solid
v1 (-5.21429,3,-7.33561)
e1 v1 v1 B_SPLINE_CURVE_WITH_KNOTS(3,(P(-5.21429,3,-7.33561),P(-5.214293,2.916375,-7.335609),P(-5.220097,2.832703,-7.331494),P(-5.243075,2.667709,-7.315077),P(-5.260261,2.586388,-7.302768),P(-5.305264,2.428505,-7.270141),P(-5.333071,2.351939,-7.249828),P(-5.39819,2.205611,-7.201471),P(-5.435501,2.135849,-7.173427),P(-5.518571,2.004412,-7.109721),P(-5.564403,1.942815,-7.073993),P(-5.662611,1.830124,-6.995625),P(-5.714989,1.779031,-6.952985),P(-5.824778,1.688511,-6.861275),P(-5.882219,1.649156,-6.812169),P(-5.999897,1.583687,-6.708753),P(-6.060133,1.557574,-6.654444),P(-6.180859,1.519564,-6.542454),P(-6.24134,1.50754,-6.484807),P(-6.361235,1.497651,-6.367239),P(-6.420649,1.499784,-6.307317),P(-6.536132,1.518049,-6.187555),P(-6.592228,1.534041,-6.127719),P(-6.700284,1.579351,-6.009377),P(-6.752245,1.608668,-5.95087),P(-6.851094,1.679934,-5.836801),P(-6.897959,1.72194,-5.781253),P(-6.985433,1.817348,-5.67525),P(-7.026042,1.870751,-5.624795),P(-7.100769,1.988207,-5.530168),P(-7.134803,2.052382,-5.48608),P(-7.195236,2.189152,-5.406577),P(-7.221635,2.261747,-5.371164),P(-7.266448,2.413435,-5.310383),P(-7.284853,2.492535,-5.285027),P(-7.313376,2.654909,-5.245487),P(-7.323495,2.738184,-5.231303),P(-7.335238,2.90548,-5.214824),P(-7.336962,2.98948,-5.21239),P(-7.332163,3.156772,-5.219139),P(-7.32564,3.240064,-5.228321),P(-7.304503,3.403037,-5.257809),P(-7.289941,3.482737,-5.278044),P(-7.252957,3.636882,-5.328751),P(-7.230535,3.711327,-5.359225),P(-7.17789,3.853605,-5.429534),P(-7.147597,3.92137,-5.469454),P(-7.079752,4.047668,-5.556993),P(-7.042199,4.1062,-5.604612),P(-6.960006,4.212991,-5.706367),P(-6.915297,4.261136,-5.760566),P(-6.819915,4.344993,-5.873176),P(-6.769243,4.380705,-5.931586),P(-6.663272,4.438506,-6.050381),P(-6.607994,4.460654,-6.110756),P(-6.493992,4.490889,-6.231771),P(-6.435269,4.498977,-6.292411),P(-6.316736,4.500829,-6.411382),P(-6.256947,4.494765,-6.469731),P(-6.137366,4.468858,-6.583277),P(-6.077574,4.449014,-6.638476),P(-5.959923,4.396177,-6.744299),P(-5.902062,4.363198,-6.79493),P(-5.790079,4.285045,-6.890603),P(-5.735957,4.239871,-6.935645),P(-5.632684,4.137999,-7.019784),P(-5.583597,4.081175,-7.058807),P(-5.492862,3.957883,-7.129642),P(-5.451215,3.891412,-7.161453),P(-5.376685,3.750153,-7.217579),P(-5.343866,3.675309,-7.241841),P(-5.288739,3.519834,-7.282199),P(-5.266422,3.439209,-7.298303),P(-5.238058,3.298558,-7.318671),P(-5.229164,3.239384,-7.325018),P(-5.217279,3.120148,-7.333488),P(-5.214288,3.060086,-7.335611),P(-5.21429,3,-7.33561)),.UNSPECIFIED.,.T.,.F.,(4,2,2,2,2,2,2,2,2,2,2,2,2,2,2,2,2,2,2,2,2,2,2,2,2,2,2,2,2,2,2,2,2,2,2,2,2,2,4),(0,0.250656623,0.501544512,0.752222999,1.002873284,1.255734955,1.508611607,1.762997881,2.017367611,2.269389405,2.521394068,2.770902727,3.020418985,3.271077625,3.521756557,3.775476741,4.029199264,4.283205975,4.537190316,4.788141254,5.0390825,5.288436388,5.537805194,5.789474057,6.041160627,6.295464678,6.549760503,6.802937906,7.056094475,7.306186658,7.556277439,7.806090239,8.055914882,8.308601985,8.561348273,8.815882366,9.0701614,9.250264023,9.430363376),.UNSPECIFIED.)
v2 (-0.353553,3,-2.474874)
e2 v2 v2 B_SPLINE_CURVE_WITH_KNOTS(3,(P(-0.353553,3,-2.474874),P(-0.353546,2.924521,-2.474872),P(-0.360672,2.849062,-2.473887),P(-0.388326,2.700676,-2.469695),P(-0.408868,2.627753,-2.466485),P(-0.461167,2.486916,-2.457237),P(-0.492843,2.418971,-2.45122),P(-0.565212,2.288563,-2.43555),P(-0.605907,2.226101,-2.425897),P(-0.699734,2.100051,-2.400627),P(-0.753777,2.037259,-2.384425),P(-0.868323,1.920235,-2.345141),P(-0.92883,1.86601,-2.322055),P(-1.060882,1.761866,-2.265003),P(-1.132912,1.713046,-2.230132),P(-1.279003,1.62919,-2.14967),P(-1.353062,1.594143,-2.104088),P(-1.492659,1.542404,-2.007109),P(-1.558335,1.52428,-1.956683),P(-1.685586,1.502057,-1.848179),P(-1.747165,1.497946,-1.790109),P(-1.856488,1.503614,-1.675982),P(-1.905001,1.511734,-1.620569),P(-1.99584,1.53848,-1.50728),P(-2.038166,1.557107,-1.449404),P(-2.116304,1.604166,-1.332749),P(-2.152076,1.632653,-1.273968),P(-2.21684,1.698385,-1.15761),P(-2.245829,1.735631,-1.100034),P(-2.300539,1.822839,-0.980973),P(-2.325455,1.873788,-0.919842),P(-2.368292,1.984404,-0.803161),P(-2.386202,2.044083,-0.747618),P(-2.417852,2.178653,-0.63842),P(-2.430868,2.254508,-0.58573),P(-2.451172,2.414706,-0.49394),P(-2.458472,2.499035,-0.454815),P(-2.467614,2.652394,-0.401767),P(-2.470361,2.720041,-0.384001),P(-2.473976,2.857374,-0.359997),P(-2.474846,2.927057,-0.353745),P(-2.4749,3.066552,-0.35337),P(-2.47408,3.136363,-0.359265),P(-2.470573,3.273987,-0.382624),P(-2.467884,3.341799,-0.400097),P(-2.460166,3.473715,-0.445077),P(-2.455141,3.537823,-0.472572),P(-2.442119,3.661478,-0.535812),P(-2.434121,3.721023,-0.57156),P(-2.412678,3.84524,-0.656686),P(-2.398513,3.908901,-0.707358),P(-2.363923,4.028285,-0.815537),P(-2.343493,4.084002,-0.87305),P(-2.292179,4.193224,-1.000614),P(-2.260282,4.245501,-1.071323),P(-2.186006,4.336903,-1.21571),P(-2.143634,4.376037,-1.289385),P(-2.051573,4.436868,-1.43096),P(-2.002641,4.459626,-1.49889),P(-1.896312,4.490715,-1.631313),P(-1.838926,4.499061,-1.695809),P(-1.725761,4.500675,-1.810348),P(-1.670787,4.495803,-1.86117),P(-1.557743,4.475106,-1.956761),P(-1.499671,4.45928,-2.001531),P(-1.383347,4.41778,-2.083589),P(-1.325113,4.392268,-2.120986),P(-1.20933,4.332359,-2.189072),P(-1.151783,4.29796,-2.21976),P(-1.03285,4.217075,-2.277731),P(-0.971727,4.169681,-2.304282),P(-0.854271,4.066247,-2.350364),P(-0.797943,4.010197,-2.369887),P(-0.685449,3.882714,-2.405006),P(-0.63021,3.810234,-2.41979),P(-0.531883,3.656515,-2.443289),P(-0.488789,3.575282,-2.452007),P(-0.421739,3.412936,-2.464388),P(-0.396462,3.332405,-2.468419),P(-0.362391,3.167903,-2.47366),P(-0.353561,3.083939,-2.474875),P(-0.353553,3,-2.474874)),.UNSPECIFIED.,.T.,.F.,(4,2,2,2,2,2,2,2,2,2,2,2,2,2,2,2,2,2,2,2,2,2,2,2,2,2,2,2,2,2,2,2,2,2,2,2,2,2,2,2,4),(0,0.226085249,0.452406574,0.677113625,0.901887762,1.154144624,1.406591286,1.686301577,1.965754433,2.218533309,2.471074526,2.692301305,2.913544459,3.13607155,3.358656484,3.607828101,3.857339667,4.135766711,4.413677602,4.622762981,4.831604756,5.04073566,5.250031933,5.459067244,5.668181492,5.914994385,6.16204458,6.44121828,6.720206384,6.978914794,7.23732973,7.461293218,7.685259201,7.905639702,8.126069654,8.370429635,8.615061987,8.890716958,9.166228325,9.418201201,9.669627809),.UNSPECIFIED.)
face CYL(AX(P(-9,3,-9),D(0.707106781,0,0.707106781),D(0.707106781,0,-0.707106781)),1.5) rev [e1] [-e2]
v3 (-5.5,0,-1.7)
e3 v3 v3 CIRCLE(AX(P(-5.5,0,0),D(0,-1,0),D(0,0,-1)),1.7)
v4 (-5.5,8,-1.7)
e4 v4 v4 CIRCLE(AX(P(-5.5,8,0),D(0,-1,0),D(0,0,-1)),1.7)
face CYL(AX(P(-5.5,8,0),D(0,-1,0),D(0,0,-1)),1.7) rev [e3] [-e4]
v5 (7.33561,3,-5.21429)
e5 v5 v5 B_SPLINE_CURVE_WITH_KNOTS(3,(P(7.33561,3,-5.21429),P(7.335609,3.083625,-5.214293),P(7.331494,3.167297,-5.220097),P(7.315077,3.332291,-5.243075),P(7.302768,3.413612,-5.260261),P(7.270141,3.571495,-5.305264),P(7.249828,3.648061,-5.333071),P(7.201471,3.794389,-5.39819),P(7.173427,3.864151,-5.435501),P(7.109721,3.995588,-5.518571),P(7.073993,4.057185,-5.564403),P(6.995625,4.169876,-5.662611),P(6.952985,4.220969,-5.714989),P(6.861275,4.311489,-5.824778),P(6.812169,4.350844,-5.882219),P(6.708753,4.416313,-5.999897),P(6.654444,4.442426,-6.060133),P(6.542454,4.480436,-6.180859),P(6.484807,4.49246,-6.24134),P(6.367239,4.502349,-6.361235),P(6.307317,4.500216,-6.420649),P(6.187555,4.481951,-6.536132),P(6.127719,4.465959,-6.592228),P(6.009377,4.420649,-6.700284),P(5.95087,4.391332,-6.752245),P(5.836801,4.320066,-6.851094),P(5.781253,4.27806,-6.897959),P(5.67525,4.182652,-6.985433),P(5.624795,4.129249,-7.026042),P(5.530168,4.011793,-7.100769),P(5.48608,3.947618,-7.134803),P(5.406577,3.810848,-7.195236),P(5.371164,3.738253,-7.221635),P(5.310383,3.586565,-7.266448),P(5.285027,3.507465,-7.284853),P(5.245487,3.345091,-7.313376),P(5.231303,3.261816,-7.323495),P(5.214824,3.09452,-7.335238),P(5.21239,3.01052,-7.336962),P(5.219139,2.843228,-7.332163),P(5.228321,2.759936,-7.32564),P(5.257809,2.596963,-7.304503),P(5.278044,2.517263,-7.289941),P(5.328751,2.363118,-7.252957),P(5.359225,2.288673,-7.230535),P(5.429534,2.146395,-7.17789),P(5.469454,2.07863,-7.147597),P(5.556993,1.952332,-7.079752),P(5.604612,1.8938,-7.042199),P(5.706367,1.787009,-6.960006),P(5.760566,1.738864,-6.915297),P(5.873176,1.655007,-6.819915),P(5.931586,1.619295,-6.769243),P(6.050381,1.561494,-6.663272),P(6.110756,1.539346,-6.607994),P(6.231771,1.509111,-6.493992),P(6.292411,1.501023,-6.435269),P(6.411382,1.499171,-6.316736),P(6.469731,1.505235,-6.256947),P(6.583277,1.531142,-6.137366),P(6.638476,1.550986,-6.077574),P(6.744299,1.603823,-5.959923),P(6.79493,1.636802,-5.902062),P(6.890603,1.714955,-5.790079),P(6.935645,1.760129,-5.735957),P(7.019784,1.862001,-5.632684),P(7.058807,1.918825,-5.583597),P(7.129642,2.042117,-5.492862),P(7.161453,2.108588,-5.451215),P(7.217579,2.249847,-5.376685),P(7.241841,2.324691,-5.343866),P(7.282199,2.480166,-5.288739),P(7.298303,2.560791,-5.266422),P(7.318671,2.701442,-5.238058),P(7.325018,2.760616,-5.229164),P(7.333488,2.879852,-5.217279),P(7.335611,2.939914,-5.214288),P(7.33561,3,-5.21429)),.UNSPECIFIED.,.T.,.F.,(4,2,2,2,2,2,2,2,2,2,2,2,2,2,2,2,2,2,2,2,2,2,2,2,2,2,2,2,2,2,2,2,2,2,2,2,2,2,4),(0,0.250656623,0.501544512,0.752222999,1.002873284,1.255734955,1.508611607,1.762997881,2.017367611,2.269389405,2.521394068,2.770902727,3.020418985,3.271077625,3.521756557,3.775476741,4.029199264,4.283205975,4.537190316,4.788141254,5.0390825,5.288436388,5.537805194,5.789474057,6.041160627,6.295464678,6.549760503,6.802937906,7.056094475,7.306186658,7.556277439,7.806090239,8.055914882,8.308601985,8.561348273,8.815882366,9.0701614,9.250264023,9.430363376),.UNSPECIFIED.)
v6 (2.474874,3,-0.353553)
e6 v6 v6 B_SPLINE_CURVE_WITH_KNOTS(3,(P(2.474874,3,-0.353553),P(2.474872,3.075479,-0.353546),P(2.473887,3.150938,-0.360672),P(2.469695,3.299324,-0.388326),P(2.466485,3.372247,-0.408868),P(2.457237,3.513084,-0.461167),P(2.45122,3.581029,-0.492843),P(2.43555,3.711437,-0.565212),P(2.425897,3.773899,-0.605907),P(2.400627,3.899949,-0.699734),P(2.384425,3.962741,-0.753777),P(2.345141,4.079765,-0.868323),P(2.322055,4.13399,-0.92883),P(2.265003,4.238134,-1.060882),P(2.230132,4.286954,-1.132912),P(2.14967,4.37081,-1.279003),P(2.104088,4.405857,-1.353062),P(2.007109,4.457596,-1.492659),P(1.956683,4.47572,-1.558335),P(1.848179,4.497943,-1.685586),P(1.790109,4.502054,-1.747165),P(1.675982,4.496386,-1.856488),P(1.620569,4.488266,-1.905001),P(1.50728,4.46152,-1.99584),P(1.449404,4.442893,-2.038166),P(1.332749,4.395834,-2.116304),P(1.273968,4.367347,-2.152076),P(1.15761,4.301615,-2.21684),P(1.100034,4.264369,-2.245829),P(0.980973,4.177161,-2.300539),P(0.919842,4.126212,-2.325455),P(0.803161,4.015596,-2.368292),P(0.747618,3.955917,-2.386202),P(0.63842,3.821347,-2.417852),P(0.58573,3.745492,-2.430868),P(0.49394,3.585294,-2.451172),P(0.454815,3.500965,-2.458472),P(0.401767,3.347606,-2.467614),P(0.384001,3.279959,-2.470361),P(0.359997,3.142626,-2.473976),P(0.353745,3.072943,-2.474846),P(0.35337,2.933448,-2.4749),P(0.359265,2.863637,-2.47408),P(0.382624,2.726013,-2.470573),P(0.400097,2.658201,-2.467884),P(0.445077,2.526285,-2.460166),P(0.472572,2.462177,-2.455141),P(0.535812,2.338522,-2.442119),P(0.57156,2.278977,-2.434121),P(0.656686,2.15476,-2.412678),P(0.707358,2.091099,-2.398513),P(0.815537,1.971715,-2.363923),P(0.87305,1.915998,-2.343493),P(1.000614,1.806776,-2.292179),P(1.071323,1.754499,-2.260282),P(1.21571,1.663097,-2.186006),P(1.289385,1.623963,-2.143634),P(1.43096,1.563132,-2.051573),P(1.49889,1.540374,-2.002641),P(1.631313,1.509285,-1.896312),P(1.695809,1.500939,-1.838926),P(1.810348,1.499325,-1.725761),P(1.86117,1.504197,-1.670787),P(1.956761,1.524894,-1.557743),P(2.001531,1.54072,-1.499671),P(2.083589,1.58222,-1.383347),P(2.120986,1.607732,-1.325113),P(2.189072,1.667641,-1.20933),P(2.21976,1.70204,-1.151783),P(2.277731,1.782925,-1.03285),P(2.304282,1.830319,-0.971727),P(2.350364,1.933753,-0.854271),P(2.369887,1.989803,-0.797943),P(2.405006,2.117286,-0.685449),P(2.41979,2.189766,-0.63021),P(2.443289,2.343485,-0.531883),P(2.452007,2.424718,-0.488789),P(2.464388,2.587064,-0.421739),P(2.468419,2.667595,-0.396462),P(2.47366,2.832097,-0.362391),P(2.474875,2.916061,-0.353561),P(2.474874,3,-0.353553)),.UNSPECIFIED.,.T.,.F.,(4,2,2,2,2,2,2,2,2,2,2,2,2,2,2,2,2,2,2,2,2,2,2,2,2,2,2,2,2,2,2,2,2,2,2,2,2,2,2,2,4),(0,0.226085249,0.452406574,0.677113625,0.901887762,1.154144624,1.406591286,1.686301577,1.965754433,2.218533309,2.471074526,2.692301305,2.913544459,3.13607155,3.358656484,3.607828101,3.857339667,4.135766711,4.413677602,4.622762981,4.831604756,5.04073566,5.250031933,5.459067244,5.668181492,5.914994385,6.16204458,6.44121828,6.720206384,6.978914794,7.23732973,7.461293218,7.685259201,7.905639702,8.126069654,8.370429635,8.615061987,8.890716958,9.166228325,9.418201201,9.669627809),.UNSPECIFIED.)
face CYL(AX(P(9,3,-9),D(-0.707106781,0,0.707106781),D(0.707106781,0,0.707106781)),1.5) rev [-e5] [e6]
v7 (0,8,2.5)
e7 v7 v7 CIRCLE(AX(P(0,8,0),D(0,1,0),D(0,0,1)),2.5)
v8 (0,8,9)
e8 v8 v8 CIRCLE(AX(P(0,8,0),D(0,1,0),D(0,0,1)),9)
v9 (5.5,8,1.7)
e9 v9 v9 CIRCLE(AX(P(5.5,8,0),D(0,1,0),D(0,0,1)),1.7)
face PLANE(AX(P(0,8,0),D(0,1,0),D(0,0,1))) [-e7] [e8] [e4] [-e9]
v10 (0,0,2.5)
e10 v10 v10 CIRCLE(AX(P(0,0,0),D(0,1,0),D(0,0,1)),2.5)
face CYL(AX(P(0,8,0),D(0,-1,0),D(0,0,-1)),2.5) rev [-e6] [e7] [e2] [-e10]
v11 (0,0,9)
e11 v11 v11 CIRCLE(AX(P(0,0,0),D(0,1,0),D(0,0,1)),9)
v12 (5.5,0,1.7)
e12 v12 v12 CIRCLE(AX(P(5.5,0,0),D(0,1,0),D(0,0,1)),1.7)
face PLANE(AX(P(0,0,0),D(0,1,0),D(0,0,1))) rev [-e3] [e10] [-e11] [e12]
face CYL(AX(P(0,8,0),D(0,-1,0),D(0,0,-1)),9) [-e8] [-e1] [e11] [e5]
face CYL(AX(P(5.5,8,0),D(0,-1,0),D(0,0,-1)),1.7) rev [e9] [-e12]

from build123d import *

# Parameters (mm, degrees)
SKETCH1_R           = 9
SKETCH1_R_2         = 2.5
SKETCH1_R_3         = 1.7
BOSS_EXTRUDE1_DEPTH = 8
SKETCH2_R           = 1.5
CUT_EXTRUDE1_DEPTH  = 16.033296378


with BuildPart() as part:
    # Sketch1 → Boss-Extrude1 (new body)
    with BuildSketch(Plane(origin=(0, 0, 0), x_dir=(1, 0, 0), z_dir=(0, 1, 0))):
        Circle(SKETCH1_R)
        Circle(SKETCH1_R_2, mode=Mode.SUBTRACT)
        with Locations((5.5, 0)):
            Circle(SKETCH1_R_3, mode=Mode.SUBTRACT)
        with Locations((-5.5, 0)):
            Circle(SKETCH1_R_3, mode=Mode.SUBTRACT)
    extrude(amount=BOSS_EXTRUDE1_DEPTH)

    # Sketch2 → Cut-Extrude1 (cut, through all)
    with BuildSketch(Plane(origin=(0, 0, 0), x_dir=(0, -1, 0), z_dir=(-0.7071067811865488, 0, 0.7071067811865464))):
        with Locations((-3, 0)):
            Circle(SKETCH2_R)
    cut_extrude1 = extrude(amount=-CUT_EXTRUDE1_DEPTH, mode=Mode.SUBTRACT)

    # Mirror1: Cut-Extrude1 across plane
    add(cut_extrude1.mirror(Plane(origin=(0, 0, 0), x_dir=(0, 0, 1), z_dir=(1, 0, 0))), mode=Mode.SUBTRACT)


solid = part.part
